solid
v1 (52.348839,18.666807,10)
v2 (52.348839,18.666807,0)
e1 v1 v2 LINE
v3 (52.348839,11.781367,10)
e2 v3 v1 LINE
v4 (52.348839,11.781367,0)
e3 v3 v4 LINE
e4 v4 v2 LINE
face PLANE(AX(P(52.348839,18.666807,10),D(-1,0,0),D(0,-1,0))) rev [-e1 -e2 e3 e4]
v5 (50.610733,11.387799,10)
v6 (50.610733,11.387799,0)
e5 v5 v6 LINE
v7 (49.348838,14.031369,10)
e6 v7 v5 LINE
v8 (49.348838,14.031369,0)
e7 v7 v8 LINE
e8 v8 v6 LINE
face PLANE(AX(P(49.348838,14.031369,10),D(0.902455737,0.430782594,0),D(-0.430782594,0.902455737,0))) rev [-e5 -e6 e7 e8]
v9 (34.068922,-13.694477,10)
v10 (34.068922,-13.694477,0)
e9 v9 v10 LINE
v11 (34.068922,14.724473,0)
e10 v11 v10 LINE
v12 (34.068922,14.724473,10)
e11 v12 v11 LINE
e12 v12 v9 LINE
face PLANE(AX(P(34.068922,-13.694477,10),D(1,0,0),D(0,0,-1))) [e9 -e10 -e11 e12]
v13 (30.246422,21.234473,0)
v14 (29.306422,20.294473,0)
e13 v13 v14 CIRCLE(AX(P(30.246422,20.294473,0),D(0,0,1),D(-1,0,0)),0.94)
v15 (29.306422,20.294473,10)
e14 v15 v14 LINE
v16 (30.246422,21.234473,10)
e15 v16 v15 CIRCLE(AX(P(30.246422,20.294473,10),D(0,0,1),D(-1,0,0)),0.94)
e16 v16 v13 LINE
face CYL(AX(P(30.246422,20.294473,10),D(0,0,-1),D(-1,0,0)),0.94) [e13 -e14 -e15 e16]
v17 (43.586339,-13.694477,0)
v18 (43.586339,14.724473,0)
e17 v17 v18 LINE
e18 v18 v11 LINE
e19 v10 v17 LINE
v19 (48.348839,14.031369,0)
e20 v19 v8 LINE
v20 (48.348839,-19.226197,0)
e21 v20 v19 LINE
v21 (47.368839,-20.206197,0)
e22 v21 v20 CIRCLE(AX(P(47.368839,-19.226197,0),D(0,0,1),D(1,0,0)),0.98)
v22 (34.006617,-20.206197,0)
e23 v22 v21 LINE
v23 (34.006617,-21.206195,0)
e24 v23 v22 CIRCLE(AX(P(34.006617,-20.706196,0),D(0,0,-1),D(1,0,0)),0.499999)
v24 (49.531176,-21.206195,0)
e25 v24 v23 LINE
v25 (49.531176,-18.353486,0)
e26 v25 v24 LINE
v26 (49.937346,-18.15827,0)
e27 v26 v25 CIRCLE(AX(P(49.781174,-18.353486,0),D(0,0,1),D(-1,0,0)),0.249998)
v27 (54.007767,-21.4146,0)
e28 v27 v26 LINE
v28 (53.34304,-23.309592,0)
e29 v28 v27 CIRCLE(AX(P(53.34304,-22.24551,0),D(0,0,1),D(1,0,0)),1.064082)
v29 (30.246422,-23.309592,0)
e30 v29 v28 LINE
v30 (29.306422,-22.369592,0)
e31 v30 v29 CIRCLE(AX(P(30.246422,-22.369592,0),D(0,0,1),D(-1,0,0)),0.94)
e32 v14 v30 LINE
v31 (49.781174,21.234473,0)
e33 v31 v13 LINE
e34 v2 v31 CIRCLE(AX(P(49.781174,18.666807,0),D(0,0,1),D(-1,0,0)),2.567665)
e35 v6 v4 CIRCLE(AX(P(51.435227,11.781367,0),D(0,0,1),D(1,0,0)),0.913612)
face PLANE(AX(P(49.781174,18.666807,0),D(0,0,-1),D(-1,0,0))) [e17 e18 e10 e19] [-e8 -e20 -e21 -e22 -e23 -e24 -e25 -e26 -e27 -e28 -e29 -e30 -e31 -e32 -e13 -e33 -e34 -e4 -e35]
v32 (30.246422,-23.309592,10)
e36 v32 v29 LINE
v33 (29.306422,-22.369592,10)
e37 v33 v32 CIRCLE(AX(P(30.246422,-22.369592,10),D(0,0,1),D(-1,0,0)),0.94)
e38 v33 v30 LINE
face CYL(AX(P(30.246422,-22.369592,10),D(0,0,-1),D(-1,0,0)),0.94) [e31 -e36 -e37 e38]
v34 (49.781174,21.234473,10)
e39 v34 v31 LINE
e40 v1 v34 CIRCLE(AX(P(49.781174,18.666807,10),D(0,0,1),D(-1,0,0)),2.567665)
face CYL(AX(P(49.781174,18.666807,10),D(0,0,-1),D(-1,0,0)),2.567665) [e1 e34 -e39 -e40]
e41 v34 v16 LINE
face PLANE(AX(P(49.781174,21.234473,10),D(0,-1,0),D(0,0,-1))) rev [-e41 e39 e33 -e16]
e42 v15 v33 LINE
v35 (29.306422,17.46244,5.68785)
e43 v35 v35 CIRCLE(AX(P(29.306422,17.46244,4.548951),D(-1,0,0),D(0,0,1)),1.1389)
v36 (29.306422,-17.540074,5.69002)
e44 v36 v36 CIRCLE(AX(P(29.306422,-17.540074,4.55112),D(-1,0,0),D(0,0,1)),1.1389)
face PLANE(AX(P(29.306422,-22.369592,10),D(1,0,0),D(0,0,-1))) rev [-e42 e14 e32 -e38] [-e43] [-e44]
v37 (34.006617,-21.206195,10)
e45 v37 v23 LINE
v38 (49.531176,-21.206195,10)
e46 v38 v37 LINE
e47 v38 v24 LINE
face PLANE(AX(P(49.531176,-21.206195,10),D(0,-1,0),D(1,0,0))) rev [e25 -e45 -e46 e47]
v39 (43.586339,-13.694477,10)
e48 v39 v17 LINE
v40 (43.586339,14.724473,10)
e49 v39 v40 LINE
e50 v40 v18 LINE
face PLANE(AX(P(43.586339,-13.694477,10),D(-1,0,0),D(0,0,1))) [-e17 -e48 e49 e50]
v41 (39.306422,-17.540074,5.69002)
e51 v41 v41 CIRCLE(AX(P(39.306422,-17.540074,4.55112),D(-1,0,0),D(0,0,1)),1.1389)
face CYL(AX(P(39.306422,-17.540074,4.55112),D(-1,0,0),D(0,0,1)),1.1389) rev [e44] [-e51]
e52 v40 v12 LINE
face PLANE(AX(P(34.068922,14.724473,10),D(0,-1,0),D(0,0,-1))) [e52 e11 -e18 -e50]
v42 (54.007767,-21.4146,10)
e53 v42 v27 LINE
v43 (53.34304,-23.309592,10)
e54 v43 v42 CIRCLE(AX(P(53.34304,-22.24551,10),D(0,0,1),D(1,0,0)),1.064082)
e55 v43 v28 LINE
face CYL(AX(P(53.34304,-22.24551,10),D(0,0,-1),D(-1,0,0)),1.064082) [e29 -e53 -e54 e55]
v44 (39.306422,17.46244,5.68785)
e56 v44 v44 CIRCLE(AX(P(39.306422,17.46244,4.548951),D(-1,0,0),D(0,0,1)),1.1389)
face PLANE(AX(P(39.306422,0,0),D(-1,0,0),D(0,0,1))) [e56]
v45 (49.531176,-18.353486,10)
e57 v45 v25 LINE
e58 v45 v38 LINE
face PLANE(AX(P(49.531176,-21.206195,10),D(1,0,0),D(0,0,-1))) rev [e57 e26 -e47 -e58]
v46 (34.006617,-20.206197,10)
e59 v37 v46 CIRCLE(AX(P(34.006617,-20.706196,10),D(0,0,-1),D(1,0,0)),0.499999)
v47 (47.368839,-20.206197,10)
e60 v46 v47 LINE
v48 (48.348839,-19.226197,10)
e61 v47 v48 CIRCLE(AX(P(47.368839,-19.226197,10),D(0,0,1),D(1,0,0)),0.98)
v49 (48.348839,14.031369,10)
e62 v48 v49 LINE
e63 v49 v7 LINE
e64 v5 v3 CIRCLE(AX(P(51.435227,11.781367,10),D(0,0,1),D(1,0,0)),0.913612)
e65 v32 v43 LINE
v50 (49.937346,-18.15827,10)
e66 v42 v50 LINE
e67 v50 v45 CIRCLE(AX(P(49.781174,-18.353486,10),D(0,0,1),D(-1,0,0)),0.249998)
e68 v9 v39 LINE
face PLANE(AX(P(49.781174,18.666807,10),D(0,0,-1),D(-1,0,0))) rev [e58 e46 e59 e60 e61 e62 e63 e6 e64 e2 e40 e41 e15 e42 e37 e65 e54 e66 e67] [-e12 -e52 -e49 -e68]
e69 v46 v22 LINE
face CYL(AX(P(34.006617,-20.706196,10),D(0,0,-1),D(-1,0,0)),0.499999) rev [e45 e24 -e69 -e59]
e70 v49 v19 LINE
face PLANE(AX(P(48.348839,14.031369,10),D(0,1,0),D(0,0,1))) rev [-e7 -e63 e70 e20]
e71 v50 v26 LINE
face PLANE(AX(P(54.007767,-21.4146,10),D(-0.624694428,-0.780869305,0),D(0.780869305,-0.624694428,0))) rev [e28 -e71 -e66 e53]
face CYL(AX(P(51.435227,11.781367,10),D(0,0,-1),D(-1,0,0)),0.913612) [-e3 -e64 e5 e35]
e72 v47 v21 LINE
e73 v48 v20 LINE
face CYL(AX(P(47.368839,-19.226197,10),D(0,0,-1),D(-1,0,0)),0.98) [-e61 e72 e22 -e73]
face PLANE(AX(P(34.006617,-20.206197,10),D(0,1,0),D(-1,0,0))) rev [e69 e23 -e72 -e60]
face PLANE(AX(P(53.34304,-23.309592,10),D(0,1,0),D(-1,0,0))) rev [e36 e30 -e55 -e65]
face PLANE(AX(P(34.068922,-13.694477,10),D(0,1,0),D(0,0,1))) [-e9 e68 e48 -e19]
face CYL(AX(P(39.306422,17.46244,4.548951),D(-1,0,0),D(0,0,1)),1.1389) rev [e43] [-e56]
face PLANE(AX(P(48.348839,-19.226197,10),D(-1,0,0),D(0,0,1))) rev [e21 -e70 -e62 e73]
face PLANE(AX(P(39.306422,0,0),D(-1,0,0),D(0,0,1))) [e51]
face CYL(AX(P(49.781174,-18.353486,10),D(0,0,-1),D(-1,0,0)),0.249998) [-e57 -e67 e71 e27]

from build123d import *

# Parameters (mm, degrees)
SKETCH1_W           = 9.517416833
SKETCH1_H           = 28.418949141
BOSS_EXTRUDE2_DEPTH = 10
SKETCH4_R           = 1.138899504
CUT_EXTRUDE4_DEPTH  = 10


with BuildPart() as part:
    # Sketch1 → Boss-Extrude2 (new body)
    with BuildSketch(Plane.XY):
        with BuildLine():
            Line((52.348839191, 18.666807499), (52.348839191, 11.781367137))
            ThreePointArc((52.348839191, 11.781367137), (51.636993048, 10.890313034), (50.610732816, 11.387798993))
            Line((50.610732816, 11.387798993), (49.348838236, 14.031369137))
            Line((49.348838236, 14.031369137), (48.348839191, 14.031369137))
            Line((48.348839191, 14.031369137), (48.348839191, -19.226196728))
            ThreePointArc((48.348839191, -19.226196728), (48.061803836, -19.919161373), (47.368839191, -20.206196728))
            Line((47.368839191, -20.206196728), (34.006617177, -20.206196728))
            ThreePointArc((34.006617177, -20.206196728), (33.506618177, -20.706195728), (34.006617177, -21.206194728))
            Line((34.006617177, -21.206194728), (49.531176023, -21.206194728))
            Line((49.531176023, -21.206194728), (49.531176023, -18.353485574))
            ThreePointArc((49.531176023, -18.353485574), (49.672877658, -18.128161546), (49.937346497, -18.158269753))
            Line((49.937346497, -18.158269753), (54.007766524, -21.414600476))
            ThreePointArc((54.007766524, -21.414600476), (54.347138604, -22.597728023), (53.343040178, -23.309592161))
            Line((53.343040178, -23.309592161), (30.246422358, -23.309592161))
            ThreePointArc((30.246422358, -23.309592161), (29.581741984, -23.034272535), (29.306422358, -22.369592161))
            Line((29.306422358, -22.369592161), (29.306422358, 20.294472595))
            ThreePointArc((29.306422358, 20.294472595), (29.581741984, 20.959152969), (30.246422358, 21.234472595))
            Line((30.246422358, 21.234472595), (49.781174095, 21.234472595))
            ThreePointArc((49.781174095, 21.234472595), (51.596787496, 20.4824209), (52.348839191, 18.666807499))
        make_face()
        with Locations((38.827630775, 0.514998025)):
            Rectangle(SKETCH1_W, SKETCH1_H, mode=Mode.SUBTRACT)
    extrude(amount=BOSS_EXTRUDE2_DEPTH)

    # Sketch4 → Cut-Extrude4 (cut)
    with BuildSketch(Plane.ZY.offset(-29.306422358)):
        with Locations((4.548950863, 17.462440217)):
            Circle(SKETCH4_R)
        with Locations((4.551120241, -17.540074349)):
            Circle(SKETCH4_R)
    extrude(amount=-CUT_EXTRUDE4_DEPTH, mode=Mode.SUBTRACT)


solid = part.part
